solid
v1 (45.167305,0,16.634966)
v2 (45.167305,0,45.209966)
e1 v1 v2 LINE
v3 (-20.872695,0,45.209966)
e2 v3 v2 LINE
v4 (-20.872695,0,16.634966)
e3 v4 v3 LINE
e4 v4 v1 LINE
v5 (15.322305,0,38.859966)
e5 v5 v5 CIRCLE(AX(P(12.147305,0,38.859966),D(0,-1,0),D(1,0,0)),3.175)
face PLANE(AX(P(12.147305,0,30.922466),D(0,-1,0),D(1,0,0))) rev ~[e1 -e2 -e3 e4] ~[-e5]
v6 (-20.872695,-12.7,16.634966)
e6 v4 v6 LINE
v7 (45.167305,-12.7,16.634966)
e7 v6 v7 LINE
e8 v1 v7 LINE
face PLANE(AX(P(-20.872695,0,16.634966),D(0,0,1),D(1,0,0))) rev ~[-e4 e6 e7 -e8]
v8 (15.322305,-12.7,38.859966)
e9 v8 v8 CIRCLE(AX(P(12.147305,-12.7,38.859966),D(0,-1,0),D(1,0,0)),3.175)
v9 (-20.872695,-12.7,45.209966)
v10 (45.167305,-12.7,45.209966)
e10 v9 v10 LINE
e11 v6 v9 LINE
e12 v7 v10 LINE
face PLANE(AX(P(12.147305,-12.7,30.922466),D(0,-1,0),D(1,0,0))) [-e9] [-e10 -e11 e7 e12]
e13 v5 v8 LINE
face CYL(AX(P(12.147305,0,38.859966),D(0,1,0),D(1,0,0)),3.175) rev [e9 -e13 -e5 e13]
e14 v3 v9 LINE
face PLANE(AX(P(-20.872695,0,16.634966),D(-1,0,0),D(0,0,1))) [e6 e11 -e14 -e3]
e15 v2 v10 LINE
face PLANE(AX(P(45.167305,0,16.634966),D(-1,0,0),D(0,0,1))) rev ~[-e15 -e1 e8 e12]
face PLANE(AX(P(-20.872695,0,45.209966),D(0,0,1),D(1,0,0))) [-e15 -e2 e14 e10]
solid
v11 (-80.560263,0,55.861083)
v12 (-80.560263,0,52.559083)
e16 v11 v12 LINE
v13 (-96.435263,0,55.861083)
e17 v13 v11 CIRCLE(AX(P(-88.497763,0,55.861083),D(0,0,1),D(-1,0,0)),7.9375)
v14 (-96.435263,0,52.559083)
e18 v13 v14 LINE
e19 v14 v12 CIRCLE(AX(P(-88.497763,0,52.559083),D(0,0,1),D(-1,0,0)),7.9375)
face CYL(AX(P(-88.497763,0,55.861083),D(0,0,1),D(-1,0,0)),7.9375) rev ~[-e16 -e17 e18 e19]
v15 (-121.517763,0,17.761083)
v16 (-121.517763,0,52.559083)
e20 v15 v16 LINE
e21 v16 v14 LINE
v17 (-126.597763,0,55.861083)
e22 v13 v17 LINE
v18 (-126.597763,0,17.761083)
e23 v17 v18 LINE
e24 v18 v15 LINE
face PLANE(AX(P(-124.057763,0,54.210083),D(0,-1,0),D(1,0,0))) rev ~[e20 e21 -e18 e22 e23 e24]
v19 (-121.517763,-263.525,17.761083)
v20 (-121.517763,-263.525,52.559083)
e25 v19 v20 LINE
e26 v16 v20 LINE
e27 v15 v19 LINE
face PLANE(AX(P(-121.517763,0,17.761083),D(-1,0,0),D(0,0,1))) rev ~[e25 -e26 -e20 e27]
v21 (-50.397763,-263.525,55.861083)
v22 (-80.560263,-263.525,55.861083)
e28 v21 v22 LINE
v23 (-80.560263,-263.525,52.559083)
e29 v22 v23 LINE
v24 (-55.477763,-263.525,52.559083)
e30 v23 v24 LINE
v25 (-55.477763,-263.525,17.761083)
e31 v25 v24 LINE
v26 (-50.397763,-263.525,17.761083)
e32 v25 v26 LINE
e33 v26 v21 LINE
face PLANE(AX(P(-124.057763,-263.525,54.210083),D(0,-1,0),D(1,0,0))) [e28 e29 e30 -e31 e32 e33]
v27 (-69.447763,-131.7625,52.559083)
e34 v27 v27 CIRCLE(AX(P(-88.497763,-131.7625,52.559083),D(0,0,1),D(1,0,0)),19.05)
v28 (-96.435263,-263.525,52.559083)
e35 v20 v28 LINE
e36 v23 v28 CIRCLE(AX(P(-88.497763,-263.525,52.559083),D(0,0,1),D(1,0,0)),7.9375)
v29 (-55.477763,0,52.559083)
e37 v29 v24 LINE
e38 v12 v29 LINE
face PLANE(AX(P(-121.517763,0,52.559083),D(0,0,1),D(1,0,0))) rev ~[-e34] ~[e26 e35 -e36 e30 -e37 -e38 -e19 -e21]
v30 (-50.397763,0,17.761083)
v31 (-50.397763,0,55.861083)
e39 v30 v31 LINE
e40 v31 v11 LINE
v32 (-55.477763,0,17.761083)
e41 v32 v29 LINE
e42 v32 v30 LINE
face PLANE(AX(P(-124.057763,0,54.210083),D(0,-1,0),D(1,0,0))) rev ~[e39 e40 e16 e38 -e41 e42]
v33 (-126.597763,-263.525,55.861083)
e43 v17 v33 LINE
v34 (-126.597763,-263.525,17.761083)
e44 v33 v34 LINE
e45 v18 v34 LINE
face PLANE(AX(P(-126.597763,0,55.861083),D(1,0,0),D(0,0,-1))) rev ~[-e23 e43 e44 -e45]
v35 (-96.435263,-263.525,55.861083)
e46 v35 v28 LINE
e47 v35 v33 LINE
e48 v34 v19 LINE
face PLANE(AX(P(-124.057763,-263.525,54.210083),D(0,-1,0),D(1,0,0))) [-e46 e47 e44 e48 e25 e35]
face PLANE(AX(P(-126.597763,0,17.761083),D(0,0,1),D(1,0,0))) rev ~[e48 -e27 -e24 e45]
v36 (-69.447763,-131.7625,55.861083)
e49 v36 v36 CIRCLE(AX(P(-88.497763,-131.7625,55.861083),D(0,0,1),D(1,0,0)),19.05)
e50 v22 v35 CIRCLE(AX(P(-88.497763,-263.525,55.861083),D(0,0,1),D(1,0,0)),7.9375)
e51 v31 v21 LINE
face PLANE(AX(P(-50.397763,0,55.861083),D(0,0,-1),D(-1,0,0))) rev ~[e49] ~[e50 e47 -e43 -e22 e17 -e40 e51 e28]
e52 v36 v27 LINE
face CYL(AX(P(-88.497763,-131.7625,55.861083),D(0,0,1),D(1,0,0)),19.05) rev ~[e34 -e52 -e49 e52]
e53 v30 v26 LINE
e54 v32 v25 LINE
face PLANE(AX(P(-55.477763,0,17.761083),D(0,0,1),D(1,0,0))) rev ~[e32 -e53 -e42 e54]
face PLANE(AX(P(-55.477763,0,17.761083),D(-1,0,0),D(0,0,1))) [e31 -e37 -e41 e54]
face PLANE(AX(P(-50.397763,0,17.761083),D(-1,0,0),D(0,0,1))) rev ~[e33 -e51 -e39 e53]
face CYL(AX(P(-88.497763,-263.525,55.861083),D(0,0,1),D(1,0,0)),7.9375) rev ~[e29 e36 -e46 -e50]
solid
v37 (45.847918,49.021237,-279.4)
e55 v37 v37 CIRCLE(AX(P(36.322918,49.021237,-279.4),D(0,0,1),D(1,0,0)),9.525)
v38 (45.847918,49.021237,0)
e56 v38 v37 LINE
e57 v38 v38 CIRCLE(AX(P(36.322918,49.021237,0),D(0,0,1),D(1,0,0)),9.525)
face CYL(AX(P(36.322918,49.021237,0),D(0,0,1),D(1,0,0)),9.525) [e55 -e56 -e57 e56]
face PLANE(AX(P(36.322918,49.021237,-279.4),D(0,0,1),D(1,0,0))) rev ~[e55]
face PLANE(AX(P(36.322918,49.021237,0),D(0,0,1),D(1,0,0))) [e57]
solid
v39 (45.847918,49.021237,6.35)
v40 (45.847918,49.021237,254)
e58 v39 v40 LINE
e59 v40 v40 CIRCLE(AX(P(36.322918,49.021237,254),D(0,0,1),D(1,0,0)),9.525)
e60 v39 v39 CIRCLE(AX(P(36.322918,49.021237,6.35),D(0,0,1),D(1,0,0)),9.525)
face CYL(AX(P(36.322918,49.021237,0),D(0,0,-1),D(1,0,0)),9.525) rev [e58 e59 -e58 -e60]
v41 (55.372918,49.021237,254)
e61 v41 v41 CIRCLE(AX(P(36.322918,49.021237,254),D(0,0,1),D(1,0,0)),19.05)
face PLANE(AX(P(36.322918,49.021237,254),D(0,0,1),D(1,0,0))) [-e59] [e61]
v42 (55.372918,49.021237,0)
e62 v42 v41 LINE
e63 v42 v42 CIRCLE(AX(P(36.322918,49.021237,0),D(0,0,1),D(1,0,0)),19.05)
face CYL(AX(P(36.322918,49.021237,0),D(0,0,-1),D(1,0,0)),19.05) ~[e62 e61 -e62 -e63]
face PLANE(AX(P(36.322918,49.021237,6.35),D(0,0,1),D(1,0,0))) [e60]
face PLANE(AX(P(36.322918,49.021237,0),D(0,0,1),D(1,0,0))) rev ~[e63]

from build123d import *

# Parameters (mm, degrees)
F0_W     = 5.08
F0_H     = 3.302
F0_W_2   = 66.04
F0_H_2   = 34.798
F1_DEPTH = 263.525
F2_R     = 19.05
F3_DEPTH = 38.101
F4_W     = 66.04
F4_H     = 28.575
F4_R     = 3.175
F5_DEPTH = 12.7
F6_R     = 19.05
F6_R_2   = 9.525
F7_DEPTH = 254
F8_DEPTH = 6.35
F9_DEPTH = 279.4


with BuildPart() as f1:
    # F0 (on Front) → F1 (new body)
    with BuildSketch(Plane.XZ):
        with Locations((-124.0577634996, 54.2100830038)):
            Rectangle(F0_W, F0_H)
        with Locations((-88.4977634996, 54.2100830038)):
            Rectangle(F0_W_2, F0_H)
        with Locations((-124.0577634996, 35.1600830038)):
            Rectangle(F0_W, F0_H_2)
        with Locations((-52.9377634996, 35.1600830038)):
            Rectangle(F0_W, F0_H_2)
        with Locations((-52.9377634996, 54.2100830038)):
            Rectangle(F0_W, F0_H)
    extrude(amount=F1_DEPTH)

    # F2 (on face) → F3 (cut, through all)
    with BuildSketch(Plane.XY.offset(55.8610830038)):
        with Locations((-88.4977634996, -131.7625)):
            Circle(F2_R)
        with BuildLine():
            ThreePointArc((-96.4352634996, 0), (-88.4977634996, -7.9375), (-80.5602634996, 0))
            Line((-80.5602634996, 0), (-96.4352634996, 0))
        make_face()
        with BuildLine():
            Line((-96.4352634996, -263.525), (-80.5602634996, -263.525))
            ThreePointArc((-80.5602634996, -263.525), (-88.4977634996, -255.5875), (-96.4352634996, -263.525))
        make_face()
    extrude(amount=-F3_DEPTH, mode=Mode.SUBTRACT)


with BuildPart() as f5:
    # F4 (on Front) → F5 (new body)
    with BuildSketch(Plane.XZ):
        with Locations((12.147304602, 30.9224660316)):
            Rectangle(F4_W, F4_H)
        with Locations((12.147304602, 38.8599660316)):
            Circle(F4_R, mode=Mode.SUBTRACT)
    extrude(amount=F5_DEPTH)


with BuildPart() as f7:
    # F6 (on Top) → F7 (new body)
    with BuildSketch(Plane.XY):
        with Locations((36.3229177892, 49.0212365985)):
            Circle(F6_R)
        with Locations((36.3229177892, 49.0212365985)):
            Circle(F6_R_2, mode=Mode.SUBTRACT)
    extrude(amount=F7_DEPTH)

    # F6 (on Top) → F8 (join)
    with BuildSketch(Plane.XY):
        with Locations((36.3229177892, 49.0212365985)):
            Circle(F6_R_2)
    extrude(amount=F8_DEPTH)


with BuildPart() as f9:
    # F6 (on Top) → F9 (new body)
    with BuildSketch(Plane.XY):
        with Locations((36.3229177892, 49.0212365985)):
            Circle(F6_R_2)
    extrude(amount=-F9_DEPTH)


solid = Compound([f1.part, f5.part, f7.part, f9.part])
